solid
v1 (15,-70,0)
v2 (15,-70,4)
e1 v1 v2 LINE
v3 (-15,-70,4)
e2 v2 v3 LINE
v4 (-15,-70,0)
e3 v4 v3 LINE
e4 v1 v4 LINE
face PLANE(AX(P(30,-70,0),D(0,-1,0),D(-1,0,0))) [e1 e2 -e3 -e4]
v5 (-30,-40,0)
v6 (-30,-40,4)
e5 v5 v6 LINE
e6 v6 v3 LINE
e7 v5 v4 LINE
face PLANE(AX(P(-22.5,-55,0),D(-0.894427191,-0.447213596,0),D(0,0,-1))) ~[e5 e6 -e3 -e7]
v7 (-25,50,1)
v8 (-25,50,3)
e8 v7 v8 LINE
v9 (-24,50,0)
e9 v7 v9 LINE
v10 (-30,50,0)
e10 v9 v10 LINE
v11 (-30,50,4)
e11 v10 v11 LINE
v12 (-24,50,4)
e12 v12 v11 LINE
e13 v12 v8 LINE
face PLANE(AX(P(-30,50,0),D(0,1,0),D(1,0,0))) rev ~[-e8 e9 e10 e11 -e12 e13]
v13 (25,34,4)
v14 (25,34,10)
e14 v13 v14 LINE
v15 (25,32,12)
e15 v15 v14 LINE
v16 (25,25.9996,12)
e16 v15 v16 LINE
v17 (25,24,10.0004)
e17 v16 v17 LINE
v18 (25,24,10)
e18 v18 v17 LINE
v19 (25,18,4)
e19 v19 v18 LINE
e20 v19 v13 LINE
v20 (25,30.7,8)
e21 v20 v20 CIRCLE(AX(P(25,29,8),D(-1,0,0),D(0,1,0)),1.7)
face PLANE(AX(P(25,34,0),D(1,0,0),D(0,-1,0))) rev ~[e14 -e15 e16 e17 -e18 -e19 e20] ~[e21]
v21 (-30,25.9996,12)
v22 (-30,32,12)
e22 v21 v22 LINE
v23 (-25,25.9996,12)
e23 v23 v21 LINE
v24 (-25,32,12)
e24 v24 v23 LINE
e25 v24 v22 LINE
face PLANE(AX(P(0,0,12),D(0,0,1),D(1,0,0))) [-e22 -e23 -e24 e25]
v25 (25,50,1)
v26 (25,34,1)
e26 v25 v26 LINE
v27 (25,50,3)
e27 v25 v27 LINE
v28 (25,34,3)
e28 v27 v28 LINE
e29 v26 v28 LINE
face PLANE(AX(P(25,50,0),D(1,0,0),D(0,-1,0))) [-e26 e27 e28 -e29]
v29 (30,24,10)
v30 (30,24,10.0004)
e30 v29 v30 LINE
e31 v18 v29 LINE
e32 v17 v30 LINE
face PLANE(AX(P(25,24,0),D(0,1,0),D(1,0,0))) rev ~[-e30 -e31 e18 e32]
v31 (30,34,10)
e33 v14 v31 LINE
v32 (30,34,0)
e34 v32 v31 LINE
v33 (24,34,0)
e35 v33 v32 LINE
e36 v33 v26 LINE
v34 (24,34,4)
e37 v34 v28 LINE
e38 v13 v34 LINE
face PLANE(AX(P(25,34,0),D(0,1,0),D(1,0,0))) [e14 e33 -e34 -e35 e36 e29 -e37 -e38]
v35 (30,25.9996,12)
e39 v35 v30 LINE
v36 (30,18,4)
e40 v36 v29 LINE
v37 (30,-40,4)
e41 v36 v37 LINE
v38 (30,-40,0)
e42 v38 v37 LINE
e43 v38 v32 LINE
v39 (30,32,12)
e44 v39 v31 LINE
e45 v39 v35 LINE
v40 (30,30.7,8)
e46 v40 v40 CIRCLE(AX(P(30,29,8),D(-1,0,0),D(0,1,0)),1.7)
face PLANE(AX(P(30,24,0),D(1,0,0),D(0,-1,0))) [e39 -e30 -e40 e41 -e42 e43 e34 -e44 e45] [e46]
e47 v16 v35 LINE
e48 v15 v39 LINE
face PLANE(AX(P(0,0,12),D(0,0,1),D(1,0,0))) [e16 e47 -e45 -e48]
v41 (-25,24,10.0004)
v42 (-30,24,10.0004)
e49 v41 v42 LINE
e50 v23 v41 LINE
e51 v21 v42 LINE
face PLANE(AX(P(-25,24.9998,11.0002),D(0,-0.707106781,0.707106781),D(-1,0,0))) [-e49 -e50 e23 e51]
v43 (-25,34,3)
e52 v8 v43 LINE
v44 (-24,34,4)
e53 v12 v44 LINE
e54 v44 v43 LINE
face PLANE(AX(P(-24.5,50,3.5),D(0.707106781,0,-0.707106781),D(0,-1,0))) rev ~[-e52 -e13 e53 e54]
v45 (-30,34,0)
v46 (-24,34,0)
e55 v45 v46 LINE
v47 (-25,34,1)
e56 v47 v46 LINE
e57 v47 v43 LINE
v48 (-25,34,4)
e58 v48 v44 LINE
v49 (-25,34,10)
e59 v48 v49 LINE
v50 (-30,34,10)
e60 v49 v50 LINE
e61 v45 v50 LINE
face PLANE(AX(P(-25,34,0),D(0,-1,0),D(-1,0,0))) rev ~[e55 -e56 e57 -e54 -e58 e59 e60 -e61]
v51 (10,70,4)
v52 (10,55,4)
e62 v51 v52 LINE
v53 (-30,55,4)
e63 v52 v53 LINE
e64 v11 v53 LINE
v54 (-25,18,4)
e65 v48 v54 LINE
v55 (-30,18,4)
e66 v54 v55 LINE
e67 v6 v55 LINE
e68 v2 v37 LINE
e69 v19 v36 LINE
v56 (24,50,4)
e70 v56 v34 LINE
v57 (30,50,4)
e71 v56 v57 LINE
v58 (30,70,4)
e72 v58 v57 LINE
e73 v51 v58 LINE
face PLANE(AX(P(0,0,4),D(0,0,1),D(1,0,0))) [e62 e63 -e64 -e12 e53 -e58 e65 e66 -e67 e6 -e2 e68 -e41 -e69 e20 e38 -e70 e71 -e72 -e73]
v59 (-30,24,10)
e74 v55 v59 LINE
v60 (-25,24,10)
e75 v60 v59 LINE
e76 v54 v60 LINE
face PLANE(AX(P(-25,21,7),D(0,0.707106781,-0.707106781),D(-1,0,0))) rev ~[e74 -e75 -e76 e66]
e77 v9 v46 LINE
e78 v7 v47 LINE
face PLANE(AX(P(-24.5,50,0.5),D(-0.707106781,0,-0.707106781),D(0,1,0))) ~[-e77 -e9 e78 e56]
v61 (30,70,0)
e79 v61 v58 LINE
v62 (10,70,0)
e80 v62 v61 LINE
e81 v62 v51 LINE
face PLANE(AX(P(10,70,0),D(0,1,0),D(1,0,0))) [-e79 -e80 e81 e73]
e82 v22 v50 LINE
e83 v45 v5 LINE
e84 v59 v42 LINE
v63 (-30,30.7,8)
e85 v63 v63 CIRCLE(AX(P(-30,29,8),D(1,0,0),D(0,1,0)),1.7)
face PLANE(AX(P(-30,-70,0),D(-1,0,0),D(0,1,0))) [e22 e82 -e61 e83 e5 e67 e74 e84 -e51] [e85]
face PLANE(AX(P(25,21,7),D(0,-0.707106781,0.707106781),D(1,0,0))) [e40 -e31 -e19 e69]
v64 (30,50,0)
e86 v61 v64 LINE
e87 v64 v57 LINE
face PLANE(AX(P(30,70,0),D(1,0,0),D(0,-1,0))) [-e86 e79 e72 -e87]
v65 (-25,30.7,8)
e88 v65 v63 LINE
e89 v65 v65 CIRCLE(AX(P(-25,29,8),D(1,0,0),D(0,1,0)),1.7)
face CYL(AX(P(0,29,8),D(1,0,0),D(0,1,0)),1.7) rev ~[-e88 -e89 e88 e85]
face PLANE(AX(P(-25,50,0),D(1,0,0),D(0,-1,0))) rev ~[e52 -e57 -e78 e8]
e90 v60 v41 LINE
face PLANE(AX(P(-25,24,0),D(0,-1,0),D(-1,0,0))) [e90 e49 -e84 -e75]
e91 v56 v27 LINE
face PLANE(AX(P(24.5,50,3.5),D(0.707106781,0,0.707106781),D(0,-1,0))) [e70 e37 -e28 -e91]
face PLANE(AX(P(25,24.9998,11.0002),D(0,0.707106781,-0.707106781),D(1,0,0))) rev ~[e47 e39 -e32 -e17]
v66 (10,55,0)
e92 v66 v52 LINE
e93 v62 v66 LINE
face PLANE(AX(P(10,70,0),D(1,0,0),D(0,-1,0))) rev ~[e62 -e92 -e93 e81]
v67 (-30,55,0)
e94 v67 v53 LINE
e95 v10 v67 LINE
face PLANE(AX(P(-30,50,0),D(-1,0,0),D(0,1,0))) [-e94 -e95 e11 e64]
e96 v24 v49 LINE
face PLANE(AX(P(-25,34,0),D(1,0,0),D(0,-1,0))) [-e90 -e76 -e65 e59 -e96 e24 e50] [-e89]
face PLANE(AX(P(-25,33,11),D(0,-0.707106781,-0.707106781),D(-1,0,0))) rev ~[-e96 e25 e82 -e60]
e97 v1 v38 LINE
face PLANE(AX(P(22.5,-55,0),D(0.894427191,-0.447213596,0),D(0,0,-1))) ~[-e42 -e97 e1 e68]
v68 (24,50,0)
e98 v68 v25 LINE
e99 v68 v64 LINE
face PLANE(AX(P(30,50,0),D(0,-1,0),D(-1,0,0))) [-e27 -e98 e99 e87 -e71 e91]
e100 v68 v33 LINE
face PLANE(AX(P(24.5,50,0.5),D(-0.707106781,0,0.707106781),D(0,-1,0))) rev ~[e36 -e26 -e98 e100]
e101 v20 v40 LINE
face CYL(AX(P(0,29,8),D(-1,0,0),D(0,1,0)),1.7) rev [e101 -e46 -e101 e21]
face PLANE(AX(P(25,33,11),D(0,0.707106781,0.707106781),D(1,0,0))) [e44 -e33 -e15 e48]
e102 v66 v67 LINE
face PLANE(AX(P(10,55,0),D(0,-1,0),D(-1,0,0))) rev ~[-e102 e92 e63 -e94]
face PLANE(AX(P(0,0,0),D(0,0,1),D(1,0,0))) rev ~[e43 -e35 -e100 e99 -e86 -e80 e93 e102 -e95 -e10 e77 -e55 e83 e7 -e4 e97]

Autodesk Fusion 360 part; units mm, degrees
sketch "Sketch1" plane through (0, 0, 0) normal (0, 0, 1) x (1, 0, 0)
  line L0 (30, -70) -> (-30, -70)
  line L1 (-30, -70) -> (-30, 70)
  line L2 (-30, 70) -> (30, 70)
  line L3 (30, 70) -> (30, -70)
  line L4 (30, -70) -> (-30, 70) construction
  line L5 (-30, -70) -> (30, 70) construction
  line L6 (-30, 70) -> (10, 70)
  line L7 (10, 70) -> (10, 55)
  line L8 (10, 55) -> (-30, 55)
  line L9 (-30, 55) -> (-30, 70)
  line L10 (-30, 50) -> (-25, 50)
  line L11 (-25, 50) -> (-25, 34)
  line L12 (-25, 34) -> (-30, 34)
  line L13 (-30, 34) -> (-30, 50)
  line L14 (0, 1.75) -> (0, 22.5)
  line L15 (30, 50) -> (25, 50)
  line L16 (25, 50) -> (25, 34)
  line L17 (25, 34) -> (30, 34)
  line L18 (-30, 34) -> (-25, 34)
  line L19 (-25, 34) -> (-25, 24)
  line L20 (-25, 24) -> (-30, 24)
  line L21 (-30, 24) -> (-30, 34)
  line L22 (25, 34) -> (25, 24)
  line L23 (25, 24) -> (30, 24)
  line L24 (25, 34) -> (30, 34)
  dimension "d1" = 60
  dimension "d2" = 140
  dimension "d3" = 40
  dimension "d4" = 15
  dimension "d5" = 5
  dimension "d6" = 16
  dimension "d7" = 5
  dimension "d8" = 5
  dimension "d9" = 10
extrude "Extrude1" add sketch "Sketch1" along normal blind 4 contours L0 L1 L2 L3 L7 L8 L10 L11 L15 L16 L19 L20 L22 L23
extrude "Extrude2" add sketch "Sketch1" along normal blind 12 contours L3 L17 L22 L23 L24 | L1 L12 L18 L19 L20 L21
chamfer "Chamfer1" distance 15 distance2 30 1 edges at (30, -70, 2) measured on face at (10, -70, 1.3333)
chamfer "Chamfer1" distance 30 distance2 15 1 edges at (-30, -70, 2) measured on face at (-30, 30.6667, 5.3333)
chamfer "Chamfer1" distance 1 distance2 1 4 edges at (-25, 42, 0) (-25, 42, 4) (25, 42, 4) (25, 42, 0) measured on face at (-25, 44.6667, 1.3333) measured on face at (-8.3333, -38.6667, 4) measured on face at (-8.3333, -38.6667, 4) measured on face at (-8.3333, -35.3333, 0)
chamfer "Chamfer1" distance 6 distance2 6 2 edges at (27.5, 24, 4) (-27.5, 24, 4) measured on face at (-8.3333, -38.6667, 4) measured on face at (-8.3333, -38.6667, 4)
chamfer "Chamfer1" distance 2 distance2 2 4 edges at (27.5, 24, 12) (27.5, 34, 12) (-27.5, 24, 12) (-27.5, 34, 12) measured on face at (28.3333, 30.6667, 12) measured on face at (28.3333, 30.6667, 12) measured on face at (-28.3333, 30.6667, 12) measured on face at (-28.3333, 30.6667, 12)
sketch "Sketch2" plane through (0, 0, 0) normal (1, 0, 0) x (0, 1, 0)
  circle A0 centre (29, 8) radius 1.7
  dimension "d22" = 3.4
  dimension "d23" = 29
  dimension "d24" = 8
extrude "Extrude3" cut sketch "Sketch2" along normal mid plane 100
